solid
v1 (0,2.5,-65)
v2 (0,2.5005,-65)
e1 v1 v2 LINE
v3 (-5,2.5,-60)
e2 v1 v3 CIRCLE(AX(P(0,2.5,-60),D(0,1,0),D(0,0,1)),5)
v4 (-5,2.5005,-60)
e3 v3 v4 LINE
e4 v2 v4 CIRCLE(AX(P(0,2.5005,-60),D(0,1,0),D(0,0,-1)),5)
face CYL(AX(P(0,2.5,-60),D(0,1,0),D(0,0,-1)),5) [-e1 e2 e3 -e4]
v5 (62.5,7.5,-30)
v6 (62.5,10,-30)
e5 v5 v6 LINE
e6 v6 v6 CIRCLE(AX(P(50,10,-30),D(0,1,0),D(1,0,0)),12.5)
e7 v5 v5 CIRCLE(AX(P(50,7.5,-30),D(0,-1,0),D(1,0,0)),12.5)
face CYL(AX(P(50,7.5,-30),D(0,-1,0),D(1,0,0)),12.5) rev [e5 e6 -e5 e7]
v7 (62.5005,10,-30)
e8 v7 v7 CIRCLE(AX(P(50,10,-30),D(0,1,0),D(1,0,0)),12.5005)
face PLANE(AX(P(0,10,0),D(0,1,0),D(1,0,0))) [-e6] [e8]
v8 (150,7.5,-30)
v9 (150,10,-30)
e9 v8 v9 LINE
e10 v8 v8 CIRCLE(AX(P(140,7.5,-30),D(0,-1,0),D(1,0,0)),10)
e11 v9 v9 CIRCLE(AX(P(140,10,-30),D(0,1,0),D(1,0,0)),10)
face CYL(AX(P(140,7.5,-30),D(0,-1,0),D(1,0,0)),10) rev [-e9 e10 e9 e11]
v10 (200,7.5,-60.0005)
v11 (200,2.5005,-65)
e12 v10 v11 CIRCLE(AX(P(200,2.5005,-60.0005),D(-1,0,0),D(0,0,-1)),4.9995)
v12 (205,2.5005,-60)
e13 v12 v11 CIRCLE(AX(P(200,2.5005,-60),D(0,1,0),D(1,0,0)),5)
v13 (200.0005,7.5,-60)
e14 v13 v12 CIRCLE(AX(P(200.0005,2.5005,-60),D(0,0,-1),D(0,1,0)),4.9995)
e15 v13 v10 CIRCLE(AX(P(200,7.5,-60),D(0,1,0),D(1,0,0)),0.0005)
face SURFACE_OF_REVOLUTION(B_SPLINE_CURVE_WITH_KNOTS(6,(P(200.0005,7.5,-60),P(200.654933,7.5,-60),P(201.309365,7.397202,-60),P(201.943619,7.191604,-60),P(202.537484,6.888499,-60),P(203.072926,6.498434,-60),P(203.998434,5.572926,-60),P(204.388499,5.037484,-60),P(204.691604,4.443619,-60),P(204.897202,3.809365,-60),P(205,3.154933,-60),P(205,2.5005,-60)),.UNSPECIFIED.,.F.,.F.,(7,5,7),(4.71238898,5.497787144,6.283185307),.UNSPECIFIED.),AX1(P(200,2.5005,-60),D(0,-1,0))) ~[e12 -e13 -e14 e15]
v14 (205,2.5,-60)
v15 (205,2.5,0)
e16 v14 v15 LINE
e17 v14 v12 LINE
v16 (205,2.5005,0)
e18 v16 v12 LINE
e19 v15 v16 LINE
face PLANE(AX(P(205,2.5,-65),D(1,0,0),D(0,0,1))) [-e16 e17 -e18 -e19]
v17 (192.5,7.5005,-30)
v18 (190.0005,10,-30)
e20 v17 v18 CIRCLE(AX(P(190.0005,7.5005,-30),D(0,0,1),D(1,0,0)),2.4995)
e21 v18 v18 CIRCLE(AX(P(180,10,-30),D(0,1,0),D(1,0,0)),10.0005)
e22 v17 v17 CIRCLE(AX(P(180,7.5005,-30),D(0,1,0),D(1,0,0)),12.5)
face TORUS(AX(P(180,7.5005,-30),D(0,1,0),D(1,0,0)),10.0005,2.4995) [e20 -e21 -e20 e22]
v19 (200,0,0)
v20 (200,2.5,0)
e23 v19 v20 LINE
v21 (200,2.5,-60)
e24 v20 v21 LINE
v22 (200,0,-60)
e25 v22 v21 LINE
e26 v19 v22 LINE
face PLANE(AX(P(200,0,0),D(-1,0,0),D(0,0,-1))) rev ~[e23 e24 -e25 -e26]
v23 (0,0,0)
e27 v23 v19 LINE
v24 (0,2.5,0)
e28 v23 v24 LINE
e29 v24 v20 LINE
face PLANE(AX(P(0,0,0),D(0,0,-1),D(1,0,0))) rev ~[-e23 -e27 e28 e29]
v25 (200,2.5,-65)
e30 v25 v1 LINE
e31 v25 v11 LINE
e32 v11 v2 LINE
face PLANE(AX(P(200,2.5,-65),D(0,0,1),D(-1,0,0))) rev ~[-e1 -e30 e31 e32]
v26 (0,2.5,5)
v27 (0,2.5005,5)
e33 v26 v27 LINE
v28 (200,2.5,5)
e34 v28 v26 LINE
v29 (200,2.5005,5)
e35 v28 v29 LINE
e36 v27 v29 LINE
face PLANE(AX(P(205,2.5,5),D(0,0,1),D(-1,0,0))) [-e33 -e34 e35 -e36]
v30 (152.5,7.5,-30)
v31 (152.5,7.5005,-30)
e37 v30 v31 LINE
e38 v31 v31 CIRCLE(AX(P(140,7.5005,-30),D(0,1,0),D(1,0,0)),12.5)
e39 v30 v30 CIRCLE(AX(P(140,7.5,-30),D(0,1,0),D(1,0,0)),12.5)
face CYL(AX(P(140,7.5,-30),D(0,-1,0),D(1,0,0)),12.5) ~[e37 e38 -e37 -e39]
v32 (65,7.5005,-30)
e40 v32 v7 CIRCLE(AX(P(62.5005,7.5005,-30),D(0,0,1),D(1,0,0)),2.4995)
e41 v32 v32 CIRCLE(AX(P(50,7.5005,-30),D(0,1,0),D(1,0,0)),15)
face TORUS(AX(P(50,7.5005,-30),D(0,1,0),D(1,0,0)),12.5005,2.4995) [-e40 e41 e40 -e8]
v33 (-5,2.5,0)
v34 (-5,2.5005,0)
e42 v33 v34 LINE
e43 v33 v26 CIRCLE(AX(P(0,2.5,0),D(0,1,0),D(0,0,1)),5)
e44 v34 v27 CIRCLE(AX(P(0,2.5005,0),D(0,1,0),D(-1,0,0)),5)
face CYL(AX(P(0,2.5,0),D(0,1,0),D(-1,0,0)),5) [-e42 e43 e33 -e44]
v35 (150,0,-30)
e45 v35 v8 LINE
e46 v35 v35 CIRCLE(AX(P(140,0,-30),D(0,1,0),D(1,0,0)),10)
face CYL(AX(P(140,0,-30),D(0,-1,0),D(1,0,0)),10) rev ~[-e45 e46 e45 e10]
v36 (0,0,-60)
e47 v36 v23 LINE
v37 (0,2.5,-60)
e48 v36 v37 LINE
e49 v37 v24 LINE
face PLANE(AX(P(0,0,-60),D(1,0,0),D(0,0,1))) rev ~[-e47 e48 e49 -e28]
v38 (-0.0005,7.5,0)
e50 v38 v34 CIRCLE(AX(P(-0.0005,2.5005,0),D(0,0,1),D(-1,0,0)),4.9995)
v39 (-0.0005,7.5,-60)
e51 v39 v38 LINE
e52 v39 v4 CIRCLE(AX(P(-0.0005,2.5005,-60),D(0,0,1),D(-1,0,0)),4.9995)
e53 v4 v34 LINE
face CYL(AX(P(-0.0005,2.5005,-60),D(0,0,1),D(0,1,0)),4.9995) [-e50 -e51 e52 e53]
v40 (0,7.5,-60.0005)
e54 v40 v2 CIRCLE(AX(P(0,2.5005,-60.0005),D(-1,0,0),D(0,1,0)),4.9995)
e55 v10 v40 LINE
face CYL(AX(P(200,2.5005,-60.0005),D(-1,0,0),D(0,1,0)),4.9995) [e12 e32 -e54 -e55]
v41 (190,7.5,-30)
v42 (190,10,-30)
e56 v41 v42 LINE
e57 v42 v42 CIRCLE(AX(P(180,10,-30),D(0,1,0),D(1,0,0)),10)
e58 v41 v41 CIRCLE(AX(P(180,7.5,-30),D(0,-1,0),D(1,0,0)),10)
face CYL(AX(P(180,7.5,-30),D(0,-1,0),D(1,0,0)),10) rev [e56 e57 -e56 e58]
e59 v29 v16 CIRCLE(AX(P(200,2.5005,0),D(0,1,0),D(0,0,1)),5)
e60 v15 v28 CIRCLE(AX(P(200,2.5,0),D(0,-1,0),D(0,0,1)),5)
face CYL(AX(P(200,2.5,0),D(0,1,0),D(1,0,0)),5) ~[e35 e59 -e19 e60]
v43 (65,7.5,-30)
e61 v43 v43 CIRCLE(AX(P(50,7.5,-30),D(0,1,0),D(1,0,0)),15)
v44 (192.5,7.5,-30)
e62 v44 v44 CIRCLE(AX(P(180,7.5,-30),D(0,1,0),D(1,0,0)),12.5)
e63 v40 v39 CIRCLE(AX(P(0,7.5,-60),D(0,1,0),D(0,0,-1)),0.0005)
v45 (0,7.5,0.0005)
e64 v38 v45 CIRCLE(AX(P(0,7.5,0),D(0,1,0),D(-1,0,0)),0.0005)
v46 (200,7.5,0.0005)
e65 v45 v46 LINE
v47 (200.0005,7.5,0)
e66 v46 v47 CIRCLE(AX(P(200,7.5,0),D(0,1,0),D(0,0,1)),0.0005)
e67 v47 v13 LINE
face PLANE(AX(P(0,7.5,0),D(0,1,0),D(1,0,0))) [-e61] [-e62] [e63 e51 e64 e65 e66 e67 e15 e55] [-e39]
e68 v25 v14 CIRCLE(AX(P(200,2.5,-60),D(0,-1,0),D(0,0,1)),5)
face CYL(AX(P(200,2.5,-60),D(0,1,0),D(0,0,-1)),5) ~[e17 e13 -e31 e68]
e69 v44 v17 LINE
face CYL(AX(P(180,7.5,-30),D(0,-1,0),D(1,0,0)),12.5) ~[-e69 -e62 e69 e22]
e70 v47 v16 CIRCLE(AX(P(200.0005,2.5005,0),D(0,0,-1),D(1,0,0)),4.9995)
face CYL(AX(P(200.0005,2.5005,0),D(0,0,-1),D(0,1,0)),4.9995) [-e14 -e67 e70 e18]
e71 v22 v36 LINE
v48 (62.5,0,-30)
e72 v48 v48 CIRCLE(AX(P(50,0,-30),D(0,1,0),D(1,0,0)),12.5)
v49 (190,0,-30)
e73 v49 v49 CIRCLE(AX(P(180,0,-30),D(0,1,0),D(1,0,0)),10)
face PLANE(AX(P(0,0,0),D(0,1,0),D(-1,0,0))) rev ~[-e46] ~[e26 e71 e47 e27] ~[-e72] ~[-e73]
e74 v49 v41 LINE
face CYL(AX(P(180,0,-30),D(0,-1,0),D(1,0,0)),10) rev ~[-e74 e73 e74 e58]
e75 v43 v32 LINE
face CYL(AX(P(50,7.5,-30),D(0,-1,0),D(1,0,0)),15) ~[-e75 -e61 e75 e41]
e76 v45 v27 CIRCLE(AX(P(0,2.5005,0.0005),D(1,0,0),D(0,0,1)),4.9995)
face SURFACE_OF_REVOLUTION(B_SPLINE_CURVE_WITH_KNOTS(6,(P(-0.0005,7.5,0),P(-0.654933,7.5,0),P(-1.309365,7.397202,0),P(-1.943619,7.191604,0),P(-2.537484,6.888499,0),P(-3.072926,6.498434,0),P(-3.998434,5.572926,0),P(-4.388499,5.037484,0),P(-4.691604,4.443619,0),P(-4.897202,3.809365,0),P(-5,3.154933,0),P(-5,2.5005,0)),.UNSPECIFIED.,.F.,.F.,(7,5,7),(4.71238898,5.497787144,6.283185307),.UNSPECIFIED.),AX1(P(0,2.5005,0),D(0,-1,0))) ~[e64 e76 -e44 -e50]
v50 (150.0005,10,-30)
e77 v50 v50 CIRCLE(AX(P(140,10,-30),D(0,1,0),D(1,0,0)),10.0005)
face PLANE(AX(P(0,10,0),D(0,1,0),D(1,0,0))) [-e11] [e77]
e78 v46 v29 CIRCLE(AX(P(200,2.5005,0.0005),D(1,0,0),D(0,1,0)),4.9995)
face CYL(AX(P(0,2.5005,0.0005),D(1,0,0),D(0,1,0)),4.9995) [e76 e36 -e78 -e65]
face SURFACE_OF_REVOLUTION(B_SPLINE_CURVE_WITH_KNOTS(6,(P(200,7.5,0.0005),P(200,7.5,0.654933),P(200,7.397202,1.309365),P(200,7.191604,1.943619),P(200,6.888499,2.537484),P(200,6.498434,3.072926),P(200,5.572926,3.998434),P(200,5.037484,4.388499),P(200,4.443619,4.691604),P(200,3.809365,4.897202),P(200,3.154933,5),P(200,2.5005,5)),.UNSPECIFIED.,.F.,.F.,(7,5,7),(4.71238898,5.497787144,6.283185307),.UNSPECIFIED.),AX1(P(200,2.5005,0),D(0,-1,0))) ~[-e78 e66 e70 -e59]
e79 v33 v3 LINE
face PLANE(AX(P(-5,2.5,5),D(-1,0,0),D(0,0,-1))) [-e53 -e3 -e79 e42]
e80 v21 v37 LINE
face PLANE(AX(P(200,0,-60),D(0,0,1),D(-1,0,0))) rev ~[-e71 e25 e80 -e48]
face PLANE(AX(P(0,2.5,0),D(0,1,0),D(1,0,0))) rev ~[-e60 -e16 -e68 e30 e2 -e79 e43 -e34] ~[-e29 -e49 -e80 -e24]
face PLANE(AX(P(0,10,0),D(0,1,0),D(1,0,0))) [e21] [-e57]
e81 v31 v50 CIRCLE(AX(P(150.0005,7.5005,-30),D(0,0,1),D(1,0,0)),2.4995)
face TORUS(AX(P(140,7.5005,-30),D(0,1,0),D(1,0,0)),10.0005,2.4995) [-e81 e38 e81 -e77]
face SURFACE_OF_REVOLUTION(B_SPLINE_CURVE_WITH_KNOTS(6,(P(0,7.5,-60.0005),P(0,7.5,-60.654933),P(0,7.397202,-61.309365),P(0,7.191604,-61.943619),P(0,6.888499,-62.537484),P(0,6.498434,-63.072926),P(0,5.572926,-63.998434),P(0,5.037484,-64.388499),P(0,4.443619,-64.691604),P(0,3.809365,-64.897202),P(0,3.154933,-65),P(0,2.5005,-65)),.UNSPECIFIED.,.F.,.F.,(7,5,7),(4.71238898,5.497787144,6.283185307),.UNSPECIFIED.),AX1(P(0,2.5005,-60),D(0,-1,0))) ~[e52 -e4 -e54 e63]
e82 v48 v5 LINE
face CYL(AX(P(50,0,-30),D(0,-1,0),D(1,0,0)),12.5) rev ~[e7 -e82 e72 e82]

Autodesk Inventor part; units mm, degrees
ref_plane "YZ Plane" through (0, 0, 0) normal (1, 0, 0) x (0, 1, 0)
ref_plane "XZ Plane" through (0, 0, 0) normal (0, 1, 0) x (-1, 0, 0)
ref_plane "XY Plane" through (0, 0, 0) normal (0, 0, 1) x (1, 0, 0)
sketch "Sketch1" plane through (0, 0, 0) normal (0, 1, 0) x (-1, 0, 0)
  line L0 (0, 0) -> (-200, 0)
  line L1 (-200, 0) -> (-200, -60)
  line L2 (-200, -60) -> (0, -60)
  line L3 (0, -60) -> (0, 0)
  dimension "d0" = 200
  dimension "d1" = 60
extrude "Extrusion1" add sketch "Sketch1" along normal blind 2.5
sketch "Sketch2" plane through (0, 0, 0) normal (0, -1, 0) x (1, 0, 0)
  line L0 (200, 0) -> (200, -60) projected
  line L1 (200, 0) -> (180, 0)
  line L2 (180, 0) -> (180, -30)
  line L3 (180, -30) -> (200, -30)
  line L4 (200, -30) -> (200, 0)
  circle A0 centre (180, -30) radius 10
  line L5 (0, 0) -> (200, 0) projected
  line L6 (180, -30) -> (140, -30)
  line L7 (140, -30) -> (140, 0)
  line L8 (140, 0) -> (180, 0)
  line L9 (180, 0) -> (180, -30)
  circle A1 centre (140, -30) radius 10
  dimension "d4" = 20
  dimension "d5" = 30
  dimension "d6" = 20
  dimension "d7" = 40
sketch "Sketch4" plane through (0, 2.5, 0) normal (0, 1, 0) x (1, 0, 0)
  line L0 (0, 0) -> (200, 0)
  line L1 (200, 0) -> (200, -5)
  line L2 (200, -5) -> (0, -5)
  line L3 (0, -5) -> (0, 0)
  line L4 (0, -5) -> (-5, -5)
  line L5 (-5, -5) -> (-5, 65)
  line L6 (-5, 65) -> (0, 65)
  line L7 (0, 65) -> (0, -5)
  line L8 (0, 60) -> (0, 0) projected
  line L9 (0, 0) -> (200, 0)
  line L10 (200, 0) -> (200, 65)
  line L11 (200, 65) -> (0, 65)
  line L12 (0, 65) -> (0, 0)
  line L13 (200, 65) -> (205, 65)
  line L14 (205, 65) -> (205, -5)
  line L15 (205, -5) -> (200, -5)
  line L16 (200, -5) -> (200, 65)
  dimension "d8" = 200
  dimension "d9" = 5
  dimension "d10" = 5
  dimension "d11" = 70
  dimension "d12" = 5
extrude "Extrusion2" add sketch "Sketch4" along normal blind 5
extrude "Extrusion3" cut sketch "Sketch2" against normal blind 7.5 contours A0 L6 L3 | L3 L2 A0 | L2 L6 A0 | A1 L6 L7 | L7 L6 A1
fillet "Fillet1" radius 5 4 edges at (205, 5, 5) (205, 5, -65) (-5, 5, -65) (-5, 5, 5)
fillet "Fillet2" radius 5 7 edges at (-3.5355, 7.5, 3.5355) (100, 7.5, 5) (203.5355, 7.5, 3.5355) (205, 7.5, -30) (203.5355, 7.5, -63.5355) (-3.5355, 7.5, -63.5355) (-5, 7.5, -30)
sketch "Sketch5" plane through (0, 0, 0) normal (0, -1, 0) x (1, 0, 0)
  line L0 (0, 0) -> (200, 0) projected
  line L1 (200, -60) -> (0, -60) projected
  line L2 (0, 0) -> (50, 0)
  line L3 (50, 0) -> (50, -60)
  line L4 (50, -60) -> (0, -60)
  line L5 (0, -60) -> (0, 0)
  circle A0 centre (50, -30) radius 12.5
  dimension "d19" = 50
  dimension "d20" = 25
extrude "Extrusion4" cut sketch "Sketch5" against normal blind 7.5 contours A0 L3 | L3 A0
sketch "Sketch6" plane through (0, 7.5, 0) normal (0, 1, 0) x (1, 0, 0)
  circle A0 centre (50, 30) radius 12.5 projected
  circle A1 centre (50, 30) radius 15
  circle A2 centre (140, 30) radius 10 projected
  circle A3 centre (140, 30) radius 12.5
  circle A4 centre (180, 30) radius 10 projected
  circle A5 centre (180, 30) radius 12.5
  point P0 (0, 0)
  dimension "d23" = 30
  dimension "d24" = 25
extrude "Extrusion5" add sketch "Sketch6" along normal blind 2.5
fillet "Fillet3" radius 2.5 3 edges at (127.5, 10, -30) (167.5, 10, -30) (35, 10, -30)
properties part number "Cover"
